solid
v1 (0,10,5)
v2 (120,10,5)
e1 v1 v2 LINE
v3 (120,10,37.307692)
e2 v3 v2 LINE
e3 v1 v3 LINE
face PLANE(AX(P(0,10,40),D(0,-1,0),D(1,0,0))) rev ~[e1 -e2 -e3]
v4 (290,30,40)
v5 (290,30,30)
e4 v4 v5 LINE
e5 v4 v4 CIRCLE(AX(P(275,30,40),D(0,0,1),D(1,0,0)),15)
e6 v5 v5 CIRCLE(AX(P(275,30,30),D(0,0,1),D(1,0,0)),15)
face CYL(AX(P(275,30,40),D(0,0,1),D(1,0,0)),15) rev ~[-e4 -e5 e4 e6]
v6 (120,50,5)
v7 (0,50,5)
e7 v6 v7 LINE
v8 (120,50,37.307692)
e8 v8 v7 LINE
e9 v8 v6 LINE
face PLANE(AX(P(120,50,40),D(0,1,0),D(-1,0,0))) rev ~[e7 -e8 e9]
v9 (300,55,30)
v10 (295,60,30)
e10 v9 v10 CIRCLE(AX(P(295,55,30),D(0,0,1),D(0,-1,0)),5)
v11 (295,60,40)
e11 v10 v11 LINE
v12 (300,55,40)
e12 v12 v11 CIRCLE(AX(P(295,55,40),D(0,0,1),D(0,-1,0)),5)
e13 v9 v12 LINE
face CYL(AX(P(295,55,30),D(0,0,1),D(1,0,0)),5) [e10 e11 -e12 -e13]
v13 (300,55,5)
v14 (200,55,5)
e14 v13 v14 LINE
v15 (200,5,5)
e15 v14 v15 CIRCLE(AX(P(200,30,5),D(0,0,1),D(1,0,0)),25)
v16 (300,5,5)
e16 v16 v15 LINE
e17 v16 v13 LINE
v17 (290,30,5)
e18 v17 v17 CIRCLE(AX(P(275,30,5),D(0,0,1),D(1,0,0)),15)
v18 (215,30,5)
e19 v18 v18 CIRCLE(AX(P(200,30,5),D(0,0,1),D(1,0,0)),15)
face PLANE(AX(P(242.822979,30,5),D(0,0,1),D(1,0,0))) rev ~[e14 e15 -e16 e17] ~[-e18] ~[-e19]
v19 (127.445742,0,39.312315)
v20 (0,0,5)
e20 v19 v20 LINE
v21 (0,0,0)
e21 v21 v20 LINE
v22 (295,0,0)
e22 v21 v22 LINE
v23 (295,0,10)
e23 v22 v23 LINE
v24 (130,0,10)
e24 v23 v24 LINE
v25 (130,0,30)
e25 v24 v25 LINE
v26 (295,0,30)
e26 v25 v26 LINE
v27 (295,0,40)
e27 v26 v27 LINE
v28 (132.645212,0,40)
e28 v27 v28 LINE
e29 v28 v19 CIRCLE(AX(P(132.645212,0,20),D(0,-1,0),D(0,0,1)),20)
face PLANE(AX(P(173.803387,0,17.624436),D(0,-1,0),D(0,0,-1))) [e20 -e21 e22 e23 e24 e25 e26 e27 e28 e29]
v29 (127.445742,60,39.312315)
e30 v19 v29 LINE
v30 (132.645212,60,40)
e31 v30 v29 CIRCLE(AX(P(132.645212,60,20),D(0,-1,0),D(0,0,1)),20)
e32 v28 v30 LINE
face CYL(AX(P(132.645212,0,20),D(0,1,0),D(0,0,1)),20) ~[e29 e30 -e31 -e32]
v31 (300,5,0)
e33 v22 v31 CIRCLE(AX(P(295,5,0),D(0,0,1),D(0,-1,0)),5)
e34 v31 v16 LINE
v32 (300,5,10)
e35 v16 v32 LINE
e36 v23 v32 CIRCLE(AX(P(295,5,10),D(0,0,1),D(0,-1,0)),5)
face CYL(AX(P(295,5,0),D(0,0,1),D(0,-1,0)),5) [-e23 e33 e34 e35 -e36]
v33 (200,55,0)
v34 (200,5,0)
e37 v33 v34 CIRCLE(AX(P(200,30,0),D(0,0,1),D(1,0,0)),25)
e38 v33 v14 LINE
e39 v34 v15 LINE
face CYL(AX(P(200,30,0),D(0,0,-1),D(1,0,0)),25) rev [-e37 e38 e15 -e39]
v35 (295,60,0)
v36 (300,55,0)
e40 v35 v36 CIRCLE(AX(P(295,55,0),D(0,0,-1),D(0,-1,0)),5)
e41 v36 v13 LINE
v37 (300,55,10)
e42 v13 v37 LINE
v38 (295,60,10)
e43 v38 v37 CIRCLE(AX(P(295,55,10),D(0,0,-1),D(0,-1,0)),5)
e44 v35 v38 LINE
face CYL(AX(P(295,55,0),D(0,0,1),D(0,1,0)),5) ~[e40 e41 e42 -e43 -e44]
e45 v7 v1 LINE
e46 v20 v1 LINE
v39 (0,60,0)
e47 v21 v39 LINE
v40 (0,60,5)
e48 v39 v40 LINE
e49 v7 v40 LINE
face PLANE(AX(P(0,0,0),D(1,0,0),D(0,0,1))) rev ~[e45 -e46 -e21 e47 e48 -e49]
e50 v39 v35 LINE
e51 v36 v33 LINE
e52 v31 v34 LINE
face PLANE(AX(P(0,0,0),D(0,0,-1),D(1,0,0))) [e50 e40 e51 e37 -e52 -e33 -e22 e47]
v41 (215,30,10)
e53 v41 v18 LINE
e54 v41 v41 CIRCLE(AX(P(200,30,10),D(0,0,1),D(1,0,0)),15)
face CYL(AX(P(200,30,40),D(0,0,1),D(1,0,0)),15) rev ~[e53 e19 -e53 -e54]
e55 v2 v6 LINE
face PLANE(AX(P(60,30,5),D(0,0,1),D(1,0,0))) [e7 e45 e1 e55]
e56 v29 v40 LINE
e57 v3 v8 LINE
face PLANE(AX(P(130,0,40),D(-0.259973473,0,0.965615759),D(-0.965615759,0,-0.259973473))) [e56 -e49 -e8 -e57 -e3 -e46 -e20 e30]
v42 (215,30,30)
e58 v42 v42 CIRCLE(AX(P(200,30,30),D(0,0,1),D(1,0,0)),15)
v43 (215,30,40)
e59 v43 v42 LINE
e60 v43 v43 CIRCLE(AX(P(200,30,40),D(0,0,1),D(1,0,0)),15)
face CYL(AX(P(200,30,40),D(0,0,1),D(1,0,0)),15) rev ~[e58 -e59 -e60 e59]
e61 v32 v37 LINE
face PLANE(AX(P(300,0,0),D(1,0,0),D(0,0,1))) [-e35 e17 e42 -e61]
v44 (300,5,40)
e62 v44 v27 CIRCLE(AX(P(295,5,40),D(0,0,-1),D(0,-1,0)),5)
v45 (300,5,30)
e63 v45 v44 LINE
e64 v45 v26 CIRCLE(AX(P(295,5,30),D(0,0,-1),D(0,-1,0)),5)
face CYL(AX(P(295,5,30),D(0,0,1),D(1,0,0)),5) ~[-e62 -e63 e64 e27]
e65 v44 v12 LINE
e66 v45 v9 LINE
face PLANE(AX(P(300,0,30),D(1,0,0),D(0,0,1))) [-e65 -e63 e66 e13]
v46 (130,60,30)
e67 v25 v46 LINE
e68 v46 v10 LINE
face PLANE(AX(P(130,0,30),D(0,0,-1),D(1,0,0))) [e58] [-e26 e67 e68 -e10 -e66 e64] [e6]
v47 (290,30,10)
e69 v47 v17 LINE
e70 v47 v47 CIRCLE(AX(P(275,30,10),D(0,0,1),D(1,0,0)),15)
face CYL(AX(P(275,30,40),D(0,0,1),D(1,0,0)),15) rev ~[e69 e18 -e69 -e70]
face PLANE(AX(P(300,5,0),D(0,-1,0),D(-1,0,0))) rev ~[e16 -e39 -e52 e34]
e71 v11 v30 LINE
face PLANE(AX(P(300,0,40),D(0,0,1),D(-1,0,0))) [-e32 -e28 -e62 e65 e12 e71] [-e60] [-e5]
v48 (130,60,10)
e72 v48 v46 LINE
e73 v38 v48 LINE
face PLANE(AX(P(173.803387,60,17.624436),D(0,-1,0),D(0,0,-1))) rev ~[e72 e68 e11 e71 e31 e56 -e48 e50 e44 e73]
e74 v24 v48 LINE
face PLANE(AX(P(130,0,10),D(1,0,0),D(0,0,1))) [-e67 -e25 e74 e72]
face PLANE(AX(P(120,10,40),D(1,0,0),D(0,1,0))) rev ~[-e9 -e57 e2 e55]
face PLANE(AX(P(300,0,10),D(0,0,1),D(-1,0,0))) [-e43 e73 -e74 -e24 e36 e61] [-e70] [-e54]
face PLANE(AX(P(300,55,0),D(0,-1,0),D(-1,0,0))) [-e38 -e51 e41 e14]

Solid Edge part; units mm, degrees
sketch "Sketch1" plane through (0, 0, 0) normal (0, -1, 0) x (1, 0, 0)
  line L0 (300, 40) -> (130, 40)
  line L1 (130, 40) -> (0, 5)
  line L2 (0, 0) -> (0, 5)
  line L3 (0, 0) -> (300, 0)
  line L4 (300, 0) -> (300, 10)
  line L5 (300, 10) -> (130, 10)
  line L6 (130, 10) -> (130, 30)
  line L7 (130, 30) -> (300, 30)
  line L8 (300, 30) -> (300, 40)
extrude "Protrusion1" add sketch "Sketch1" against normal blind 60
sketch "Sketch2" plane through (459.6291, 50, 40) normal (0, 0, 1) x (1, 0, 0)
  circle A0 centre (-259.6291, -20) radius 15
  circle A1 centre (-184.6291, -20) radius 15
  dimension "D1" = 30
  dimension "D2" = 75
  dimension "D3" = 30
  dimension "D4" = 60
  dimension "D5" = 25
extrude "Cutout1" cut sketch "Sketch2" against normal through all
sketch "Sketch3" plane through (459.6291, 50, 40) normal (0, 0, 1) x (0, 1, 0)
  line L0 (-40, 339.6291) -> (0, 339.6291)
  line L1 (0, 339.6291) -> (0, 459.6291)
  line L2 (0, 459.6291) -> (-40, 459.6291)
  line L3 (-40, 459.6291) -> (-40, 339.6291)
  dimension "D1" = 120
  dimension "D2" = 40
  dimension "D3" = 10
  dimension "D4" = 10
extrude "ExtrudedCutout_2" cut sketch "Sketch3" against normal blind 35
fillet "Round_1" radius 5 4 edges at (300, 0, 5) (300, 60, 5) (300, 60, 35) (300, 0, 35)
fillet "Round_2" radius 20 1 edges at (130, 30, 40)
sketch "Sketch4" plane through (150, 40, 0) normal (0, 0, -1) x (1, 0, 0)
  line L0 (150, -15) -> (50, -15)
  line L1 (150, 35) -> (50, 35)
  line L2 (150, 35) -> (150, -15)
  arc A0 (50, -15) -> (50, 35) centre (50, 10) cw
  dimension "D1" = 150
  dimension "D2" = 150
extrude "ExtrudedCutout_3" cut sketch "Sketch4" against normal blind 5
